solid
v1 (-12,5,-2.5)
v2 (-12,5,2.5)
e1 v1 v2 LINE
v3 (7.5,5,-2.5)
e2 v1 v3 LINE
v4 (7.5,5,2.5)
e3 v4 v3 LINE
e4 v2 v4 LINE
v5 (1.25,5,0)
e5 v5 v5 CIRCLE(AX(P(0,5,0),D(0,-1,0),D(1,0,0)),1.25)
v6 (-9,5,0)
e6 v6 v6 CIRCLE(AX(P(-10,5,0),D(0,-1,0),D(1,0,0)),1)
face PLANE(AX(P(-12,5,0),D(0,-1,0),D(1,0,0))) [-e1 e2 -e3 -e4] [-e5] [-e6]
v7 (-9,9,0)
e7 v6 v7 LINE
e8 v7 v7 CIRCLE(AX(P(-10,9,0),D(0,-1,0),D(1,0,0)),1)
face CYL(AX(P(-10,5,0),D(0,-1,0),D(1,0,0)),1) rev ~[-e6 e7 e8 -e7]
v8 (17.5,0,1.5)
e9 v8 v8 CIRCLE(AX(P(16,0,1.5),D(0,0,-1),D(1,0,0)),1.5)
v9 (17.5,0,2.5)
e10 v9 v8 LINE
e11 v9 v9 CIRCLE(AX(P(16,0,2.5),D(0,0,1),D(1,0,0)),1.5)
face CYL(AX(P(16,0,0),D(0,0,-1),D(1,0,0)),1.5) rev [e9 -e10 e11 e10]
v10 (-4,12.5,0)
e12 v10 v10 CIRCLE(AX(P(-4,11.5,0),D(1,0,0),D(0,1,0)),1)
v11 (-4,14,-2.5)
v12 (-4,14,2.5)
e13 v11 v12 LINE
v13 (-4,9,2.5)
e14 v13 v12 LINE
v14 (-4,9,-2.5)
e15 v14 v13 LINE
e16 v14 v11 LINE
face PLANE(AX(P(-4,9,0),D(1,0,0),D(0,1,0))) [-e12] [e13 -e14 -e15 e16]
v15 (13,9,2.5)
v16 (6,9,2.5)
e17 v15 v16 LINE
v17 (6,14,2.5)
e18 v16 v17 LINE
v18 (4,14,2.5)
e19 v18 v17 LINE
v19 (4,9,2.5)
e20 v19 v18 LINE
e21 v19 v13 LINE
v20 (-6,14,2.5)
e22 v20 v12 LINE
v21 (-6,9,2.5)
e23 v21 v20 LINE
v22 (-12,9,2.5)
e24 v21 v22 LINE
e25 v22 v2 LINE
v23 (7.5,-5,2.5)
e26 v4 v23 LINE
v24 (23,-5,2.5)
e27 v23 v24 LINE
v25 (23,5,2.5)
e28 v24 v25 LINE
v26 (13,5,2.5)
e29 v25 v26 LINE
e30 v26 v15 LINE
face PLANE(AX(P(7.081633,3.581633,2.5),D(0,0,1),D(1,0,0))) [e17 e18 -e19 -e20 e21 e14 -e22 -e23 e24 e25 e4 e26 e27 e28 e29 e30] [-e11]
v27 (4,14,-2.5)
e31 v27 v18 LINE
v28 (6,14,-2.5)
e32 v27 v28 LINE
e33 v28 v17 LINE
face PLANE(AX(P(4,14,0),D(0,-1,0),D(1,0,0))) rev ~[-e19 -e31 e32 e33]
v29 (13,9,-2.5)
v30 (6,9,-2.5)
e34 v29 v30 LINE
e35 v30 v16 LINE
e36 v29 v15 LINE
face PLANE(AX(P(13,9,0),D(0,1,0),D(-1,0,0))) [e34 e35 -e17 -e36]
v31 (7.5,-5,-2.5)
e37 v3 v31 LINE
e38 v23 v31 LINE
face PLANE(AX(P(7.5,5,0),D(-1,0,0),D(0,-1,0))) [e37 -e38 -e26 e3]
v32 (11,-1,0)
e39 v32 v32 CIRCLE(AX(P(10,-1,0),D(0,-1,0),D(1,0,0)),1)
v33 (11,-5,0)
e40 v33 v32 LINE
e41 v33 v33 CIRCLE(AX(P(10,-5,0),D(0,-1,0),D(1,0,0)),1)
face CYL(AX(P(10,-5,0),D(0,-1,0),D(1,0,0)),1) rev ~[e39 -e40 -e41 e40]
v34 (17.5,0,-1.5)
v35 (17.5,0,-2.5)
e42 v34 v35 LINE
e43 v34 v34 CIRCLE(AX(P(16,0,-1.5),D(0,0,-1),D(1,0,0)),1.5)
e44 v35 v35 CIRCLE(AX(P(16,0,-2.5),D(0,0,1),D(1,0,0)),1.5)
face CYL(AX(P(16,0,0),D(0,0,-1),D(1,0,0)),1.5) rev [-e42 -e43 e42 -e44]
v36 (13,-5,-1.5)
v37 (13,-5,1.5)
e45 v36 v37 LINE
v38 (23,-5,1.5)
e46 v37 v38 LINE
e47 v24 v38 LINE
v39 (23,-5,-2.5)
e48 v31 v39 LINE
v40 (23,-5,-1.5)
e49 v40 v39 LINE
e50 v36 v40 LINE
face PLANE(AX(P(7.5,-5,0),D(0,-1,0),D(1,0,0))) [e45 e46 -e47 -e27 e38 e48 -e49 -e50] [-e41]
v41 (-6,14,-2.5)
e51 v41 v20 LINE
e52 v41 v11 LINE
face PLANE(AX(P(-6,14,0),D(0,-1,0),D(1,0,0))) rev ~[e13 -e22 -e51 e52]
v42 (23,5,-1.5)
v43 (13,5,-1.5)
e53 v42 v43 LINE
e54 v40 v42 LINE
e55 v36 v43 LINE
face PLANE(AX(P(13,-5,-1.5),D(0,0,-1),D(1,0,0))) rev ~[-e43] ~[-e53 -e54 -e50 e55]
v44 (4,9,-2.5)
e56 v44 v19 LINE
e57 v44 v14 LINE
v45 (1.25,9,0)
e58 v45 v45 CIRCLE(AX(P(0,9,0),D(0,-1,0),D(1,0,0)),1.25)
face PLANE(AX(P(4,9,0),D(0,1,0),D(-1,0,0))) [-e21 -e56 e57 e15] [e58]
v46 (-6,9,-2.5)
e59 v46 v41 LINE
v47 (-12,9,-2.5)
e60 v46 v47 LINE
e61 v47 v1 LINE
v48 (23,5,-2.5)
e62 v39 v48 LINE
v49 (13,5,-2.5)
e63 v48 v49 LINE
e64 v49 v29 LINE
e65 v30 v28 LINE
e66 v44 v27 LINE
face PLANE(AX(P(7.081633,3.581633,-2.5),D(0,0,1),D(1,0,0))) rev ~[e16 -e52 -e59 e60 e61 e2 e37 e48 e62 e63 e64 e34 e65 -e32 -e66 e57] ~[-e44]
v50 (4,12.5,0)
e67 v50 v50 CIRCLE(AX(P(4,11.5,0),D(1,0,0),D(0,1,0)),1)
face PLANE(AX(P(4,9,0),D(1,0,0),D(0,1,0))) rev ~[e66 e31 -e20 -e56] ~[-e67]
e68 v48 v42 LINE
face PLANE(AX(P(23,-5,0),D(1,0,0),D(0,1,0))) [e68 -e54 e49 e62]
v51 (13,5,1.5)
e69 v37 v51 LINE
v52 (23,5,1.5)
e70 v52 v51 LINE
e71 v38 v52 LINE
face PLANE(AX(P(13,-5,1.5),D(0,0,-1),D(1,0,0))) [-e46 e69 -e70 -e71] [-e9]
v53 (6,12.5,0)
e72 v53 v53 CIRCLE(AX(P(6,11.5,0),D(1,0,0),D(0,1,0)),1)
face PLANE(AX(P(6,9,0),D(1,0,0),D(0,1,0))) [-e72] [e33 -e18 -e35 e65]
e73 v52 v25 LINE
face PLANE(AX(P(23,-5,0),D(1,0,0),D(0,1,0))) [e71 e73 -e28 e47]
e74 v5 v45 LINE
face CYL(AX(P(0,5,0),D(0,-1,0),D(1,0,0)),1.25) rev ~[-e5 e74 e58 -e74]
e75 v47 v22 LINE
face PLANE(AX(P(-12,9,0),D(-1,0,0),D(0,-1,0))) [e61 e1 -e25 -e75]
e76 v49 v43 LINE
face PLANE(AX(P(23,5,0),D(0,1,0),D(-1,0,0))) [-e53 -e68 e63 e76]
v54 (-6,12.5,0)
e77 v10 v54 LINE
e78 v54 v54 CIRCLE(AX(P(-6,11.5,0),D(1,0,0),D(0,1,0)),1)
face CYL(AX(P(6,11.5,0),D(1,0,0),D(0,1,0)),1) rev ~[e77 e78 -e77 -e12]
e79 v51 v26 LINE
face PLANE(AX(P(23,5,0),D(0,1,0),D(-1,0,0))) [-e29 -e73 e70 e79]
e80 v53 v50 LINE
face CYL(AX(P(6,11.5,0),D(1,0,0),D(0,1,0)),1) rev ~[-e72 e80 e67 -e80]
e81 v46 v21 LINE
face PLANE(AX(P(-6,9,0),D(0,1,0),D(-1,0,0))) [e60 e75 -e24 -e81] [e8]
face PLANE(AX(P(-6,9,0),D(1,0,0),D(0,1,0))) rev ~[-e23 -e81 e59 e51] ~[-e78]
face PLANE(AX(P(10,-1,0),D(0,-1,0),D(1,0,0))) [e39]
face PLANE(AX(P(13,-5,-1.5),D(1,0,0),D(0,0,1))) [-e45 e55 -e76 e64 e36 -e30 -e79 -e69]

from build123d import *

# Parameters (mm, degrees)
F0_R     = 1.5
F0_W     = 2
F0_H     = 5
F1_DEPTH = 2.5
F2_R     = 1.25
F2_R_2   = 1
F3_DEPTH = 9.001
F4_W     = 10
F4_H     = 3
F5_DEPTH = 19.001
F6_R     = 1
F7_DEPTH = 4
F8_R     = 1
F9_DEPTH = 18.001


with BuildPart() as f1:
    # F0 (on Top) → F1 (new body, symmetric)
    with BuildSketch(Plane.XY):
        Polygon((23, -5), (23, 5), (13, 5), (13, 9), (6, 9), (4, 9), (-4, 9), (-6, 9), (-12, 9), (-12, 5), (7.5, 5), (7.5, -5), align=None)
        with Locations((16, 0)):
            Circle(F0_R, mode=Mode.SUBTRACT)
        with Locations((5, 11.5)):
            Rectangle(F0_W, F0_H)
        with Locations((-5, 11.5)):
            Rectangle(F0_W, F0_H)
    extrude(amount=F1_DEPTH, both=True)

    # F2 (on face) → F3 (cut, through all)
    with BuildSketch(Plane.XZ.offset(-5)):
        Circle(F2_R)
        with Locations((-10, 0)):
            Circle(F2_R_2)
    extrude(amount=-F3_DEPTH, mode=Mode.SUBTRACT)

    # F4 (on face) → F5 (cut, through all)
    with BuildSketch(Plane.XZ.offset(5)):
        with Locations((18, 0)):
            Rectangle(F4_W, F4_H)
    extrude(amount=-F5_DEPTH, mode=Mode.SUBTRACT)

    # F6 (on face) → F7 (cut)
    with BuildSketch(Plane.XZ.offset(5)):
        with Locations((10, 0)):
            Circle(F6_R)
    extrude(amount=-F7_DEPTH, mode=Mode.SUBTRACT)

    # F8 (on face) → F9 (cut, through all)
    with BuildSketch(Plane.YZ.offset(6)):
        with Locations((11.5, 0)):
            Circle(F8_R)
    extrude(amount=-F9_DEPTH, mode=Mode.SUBTRACT)


solid = f1.part
